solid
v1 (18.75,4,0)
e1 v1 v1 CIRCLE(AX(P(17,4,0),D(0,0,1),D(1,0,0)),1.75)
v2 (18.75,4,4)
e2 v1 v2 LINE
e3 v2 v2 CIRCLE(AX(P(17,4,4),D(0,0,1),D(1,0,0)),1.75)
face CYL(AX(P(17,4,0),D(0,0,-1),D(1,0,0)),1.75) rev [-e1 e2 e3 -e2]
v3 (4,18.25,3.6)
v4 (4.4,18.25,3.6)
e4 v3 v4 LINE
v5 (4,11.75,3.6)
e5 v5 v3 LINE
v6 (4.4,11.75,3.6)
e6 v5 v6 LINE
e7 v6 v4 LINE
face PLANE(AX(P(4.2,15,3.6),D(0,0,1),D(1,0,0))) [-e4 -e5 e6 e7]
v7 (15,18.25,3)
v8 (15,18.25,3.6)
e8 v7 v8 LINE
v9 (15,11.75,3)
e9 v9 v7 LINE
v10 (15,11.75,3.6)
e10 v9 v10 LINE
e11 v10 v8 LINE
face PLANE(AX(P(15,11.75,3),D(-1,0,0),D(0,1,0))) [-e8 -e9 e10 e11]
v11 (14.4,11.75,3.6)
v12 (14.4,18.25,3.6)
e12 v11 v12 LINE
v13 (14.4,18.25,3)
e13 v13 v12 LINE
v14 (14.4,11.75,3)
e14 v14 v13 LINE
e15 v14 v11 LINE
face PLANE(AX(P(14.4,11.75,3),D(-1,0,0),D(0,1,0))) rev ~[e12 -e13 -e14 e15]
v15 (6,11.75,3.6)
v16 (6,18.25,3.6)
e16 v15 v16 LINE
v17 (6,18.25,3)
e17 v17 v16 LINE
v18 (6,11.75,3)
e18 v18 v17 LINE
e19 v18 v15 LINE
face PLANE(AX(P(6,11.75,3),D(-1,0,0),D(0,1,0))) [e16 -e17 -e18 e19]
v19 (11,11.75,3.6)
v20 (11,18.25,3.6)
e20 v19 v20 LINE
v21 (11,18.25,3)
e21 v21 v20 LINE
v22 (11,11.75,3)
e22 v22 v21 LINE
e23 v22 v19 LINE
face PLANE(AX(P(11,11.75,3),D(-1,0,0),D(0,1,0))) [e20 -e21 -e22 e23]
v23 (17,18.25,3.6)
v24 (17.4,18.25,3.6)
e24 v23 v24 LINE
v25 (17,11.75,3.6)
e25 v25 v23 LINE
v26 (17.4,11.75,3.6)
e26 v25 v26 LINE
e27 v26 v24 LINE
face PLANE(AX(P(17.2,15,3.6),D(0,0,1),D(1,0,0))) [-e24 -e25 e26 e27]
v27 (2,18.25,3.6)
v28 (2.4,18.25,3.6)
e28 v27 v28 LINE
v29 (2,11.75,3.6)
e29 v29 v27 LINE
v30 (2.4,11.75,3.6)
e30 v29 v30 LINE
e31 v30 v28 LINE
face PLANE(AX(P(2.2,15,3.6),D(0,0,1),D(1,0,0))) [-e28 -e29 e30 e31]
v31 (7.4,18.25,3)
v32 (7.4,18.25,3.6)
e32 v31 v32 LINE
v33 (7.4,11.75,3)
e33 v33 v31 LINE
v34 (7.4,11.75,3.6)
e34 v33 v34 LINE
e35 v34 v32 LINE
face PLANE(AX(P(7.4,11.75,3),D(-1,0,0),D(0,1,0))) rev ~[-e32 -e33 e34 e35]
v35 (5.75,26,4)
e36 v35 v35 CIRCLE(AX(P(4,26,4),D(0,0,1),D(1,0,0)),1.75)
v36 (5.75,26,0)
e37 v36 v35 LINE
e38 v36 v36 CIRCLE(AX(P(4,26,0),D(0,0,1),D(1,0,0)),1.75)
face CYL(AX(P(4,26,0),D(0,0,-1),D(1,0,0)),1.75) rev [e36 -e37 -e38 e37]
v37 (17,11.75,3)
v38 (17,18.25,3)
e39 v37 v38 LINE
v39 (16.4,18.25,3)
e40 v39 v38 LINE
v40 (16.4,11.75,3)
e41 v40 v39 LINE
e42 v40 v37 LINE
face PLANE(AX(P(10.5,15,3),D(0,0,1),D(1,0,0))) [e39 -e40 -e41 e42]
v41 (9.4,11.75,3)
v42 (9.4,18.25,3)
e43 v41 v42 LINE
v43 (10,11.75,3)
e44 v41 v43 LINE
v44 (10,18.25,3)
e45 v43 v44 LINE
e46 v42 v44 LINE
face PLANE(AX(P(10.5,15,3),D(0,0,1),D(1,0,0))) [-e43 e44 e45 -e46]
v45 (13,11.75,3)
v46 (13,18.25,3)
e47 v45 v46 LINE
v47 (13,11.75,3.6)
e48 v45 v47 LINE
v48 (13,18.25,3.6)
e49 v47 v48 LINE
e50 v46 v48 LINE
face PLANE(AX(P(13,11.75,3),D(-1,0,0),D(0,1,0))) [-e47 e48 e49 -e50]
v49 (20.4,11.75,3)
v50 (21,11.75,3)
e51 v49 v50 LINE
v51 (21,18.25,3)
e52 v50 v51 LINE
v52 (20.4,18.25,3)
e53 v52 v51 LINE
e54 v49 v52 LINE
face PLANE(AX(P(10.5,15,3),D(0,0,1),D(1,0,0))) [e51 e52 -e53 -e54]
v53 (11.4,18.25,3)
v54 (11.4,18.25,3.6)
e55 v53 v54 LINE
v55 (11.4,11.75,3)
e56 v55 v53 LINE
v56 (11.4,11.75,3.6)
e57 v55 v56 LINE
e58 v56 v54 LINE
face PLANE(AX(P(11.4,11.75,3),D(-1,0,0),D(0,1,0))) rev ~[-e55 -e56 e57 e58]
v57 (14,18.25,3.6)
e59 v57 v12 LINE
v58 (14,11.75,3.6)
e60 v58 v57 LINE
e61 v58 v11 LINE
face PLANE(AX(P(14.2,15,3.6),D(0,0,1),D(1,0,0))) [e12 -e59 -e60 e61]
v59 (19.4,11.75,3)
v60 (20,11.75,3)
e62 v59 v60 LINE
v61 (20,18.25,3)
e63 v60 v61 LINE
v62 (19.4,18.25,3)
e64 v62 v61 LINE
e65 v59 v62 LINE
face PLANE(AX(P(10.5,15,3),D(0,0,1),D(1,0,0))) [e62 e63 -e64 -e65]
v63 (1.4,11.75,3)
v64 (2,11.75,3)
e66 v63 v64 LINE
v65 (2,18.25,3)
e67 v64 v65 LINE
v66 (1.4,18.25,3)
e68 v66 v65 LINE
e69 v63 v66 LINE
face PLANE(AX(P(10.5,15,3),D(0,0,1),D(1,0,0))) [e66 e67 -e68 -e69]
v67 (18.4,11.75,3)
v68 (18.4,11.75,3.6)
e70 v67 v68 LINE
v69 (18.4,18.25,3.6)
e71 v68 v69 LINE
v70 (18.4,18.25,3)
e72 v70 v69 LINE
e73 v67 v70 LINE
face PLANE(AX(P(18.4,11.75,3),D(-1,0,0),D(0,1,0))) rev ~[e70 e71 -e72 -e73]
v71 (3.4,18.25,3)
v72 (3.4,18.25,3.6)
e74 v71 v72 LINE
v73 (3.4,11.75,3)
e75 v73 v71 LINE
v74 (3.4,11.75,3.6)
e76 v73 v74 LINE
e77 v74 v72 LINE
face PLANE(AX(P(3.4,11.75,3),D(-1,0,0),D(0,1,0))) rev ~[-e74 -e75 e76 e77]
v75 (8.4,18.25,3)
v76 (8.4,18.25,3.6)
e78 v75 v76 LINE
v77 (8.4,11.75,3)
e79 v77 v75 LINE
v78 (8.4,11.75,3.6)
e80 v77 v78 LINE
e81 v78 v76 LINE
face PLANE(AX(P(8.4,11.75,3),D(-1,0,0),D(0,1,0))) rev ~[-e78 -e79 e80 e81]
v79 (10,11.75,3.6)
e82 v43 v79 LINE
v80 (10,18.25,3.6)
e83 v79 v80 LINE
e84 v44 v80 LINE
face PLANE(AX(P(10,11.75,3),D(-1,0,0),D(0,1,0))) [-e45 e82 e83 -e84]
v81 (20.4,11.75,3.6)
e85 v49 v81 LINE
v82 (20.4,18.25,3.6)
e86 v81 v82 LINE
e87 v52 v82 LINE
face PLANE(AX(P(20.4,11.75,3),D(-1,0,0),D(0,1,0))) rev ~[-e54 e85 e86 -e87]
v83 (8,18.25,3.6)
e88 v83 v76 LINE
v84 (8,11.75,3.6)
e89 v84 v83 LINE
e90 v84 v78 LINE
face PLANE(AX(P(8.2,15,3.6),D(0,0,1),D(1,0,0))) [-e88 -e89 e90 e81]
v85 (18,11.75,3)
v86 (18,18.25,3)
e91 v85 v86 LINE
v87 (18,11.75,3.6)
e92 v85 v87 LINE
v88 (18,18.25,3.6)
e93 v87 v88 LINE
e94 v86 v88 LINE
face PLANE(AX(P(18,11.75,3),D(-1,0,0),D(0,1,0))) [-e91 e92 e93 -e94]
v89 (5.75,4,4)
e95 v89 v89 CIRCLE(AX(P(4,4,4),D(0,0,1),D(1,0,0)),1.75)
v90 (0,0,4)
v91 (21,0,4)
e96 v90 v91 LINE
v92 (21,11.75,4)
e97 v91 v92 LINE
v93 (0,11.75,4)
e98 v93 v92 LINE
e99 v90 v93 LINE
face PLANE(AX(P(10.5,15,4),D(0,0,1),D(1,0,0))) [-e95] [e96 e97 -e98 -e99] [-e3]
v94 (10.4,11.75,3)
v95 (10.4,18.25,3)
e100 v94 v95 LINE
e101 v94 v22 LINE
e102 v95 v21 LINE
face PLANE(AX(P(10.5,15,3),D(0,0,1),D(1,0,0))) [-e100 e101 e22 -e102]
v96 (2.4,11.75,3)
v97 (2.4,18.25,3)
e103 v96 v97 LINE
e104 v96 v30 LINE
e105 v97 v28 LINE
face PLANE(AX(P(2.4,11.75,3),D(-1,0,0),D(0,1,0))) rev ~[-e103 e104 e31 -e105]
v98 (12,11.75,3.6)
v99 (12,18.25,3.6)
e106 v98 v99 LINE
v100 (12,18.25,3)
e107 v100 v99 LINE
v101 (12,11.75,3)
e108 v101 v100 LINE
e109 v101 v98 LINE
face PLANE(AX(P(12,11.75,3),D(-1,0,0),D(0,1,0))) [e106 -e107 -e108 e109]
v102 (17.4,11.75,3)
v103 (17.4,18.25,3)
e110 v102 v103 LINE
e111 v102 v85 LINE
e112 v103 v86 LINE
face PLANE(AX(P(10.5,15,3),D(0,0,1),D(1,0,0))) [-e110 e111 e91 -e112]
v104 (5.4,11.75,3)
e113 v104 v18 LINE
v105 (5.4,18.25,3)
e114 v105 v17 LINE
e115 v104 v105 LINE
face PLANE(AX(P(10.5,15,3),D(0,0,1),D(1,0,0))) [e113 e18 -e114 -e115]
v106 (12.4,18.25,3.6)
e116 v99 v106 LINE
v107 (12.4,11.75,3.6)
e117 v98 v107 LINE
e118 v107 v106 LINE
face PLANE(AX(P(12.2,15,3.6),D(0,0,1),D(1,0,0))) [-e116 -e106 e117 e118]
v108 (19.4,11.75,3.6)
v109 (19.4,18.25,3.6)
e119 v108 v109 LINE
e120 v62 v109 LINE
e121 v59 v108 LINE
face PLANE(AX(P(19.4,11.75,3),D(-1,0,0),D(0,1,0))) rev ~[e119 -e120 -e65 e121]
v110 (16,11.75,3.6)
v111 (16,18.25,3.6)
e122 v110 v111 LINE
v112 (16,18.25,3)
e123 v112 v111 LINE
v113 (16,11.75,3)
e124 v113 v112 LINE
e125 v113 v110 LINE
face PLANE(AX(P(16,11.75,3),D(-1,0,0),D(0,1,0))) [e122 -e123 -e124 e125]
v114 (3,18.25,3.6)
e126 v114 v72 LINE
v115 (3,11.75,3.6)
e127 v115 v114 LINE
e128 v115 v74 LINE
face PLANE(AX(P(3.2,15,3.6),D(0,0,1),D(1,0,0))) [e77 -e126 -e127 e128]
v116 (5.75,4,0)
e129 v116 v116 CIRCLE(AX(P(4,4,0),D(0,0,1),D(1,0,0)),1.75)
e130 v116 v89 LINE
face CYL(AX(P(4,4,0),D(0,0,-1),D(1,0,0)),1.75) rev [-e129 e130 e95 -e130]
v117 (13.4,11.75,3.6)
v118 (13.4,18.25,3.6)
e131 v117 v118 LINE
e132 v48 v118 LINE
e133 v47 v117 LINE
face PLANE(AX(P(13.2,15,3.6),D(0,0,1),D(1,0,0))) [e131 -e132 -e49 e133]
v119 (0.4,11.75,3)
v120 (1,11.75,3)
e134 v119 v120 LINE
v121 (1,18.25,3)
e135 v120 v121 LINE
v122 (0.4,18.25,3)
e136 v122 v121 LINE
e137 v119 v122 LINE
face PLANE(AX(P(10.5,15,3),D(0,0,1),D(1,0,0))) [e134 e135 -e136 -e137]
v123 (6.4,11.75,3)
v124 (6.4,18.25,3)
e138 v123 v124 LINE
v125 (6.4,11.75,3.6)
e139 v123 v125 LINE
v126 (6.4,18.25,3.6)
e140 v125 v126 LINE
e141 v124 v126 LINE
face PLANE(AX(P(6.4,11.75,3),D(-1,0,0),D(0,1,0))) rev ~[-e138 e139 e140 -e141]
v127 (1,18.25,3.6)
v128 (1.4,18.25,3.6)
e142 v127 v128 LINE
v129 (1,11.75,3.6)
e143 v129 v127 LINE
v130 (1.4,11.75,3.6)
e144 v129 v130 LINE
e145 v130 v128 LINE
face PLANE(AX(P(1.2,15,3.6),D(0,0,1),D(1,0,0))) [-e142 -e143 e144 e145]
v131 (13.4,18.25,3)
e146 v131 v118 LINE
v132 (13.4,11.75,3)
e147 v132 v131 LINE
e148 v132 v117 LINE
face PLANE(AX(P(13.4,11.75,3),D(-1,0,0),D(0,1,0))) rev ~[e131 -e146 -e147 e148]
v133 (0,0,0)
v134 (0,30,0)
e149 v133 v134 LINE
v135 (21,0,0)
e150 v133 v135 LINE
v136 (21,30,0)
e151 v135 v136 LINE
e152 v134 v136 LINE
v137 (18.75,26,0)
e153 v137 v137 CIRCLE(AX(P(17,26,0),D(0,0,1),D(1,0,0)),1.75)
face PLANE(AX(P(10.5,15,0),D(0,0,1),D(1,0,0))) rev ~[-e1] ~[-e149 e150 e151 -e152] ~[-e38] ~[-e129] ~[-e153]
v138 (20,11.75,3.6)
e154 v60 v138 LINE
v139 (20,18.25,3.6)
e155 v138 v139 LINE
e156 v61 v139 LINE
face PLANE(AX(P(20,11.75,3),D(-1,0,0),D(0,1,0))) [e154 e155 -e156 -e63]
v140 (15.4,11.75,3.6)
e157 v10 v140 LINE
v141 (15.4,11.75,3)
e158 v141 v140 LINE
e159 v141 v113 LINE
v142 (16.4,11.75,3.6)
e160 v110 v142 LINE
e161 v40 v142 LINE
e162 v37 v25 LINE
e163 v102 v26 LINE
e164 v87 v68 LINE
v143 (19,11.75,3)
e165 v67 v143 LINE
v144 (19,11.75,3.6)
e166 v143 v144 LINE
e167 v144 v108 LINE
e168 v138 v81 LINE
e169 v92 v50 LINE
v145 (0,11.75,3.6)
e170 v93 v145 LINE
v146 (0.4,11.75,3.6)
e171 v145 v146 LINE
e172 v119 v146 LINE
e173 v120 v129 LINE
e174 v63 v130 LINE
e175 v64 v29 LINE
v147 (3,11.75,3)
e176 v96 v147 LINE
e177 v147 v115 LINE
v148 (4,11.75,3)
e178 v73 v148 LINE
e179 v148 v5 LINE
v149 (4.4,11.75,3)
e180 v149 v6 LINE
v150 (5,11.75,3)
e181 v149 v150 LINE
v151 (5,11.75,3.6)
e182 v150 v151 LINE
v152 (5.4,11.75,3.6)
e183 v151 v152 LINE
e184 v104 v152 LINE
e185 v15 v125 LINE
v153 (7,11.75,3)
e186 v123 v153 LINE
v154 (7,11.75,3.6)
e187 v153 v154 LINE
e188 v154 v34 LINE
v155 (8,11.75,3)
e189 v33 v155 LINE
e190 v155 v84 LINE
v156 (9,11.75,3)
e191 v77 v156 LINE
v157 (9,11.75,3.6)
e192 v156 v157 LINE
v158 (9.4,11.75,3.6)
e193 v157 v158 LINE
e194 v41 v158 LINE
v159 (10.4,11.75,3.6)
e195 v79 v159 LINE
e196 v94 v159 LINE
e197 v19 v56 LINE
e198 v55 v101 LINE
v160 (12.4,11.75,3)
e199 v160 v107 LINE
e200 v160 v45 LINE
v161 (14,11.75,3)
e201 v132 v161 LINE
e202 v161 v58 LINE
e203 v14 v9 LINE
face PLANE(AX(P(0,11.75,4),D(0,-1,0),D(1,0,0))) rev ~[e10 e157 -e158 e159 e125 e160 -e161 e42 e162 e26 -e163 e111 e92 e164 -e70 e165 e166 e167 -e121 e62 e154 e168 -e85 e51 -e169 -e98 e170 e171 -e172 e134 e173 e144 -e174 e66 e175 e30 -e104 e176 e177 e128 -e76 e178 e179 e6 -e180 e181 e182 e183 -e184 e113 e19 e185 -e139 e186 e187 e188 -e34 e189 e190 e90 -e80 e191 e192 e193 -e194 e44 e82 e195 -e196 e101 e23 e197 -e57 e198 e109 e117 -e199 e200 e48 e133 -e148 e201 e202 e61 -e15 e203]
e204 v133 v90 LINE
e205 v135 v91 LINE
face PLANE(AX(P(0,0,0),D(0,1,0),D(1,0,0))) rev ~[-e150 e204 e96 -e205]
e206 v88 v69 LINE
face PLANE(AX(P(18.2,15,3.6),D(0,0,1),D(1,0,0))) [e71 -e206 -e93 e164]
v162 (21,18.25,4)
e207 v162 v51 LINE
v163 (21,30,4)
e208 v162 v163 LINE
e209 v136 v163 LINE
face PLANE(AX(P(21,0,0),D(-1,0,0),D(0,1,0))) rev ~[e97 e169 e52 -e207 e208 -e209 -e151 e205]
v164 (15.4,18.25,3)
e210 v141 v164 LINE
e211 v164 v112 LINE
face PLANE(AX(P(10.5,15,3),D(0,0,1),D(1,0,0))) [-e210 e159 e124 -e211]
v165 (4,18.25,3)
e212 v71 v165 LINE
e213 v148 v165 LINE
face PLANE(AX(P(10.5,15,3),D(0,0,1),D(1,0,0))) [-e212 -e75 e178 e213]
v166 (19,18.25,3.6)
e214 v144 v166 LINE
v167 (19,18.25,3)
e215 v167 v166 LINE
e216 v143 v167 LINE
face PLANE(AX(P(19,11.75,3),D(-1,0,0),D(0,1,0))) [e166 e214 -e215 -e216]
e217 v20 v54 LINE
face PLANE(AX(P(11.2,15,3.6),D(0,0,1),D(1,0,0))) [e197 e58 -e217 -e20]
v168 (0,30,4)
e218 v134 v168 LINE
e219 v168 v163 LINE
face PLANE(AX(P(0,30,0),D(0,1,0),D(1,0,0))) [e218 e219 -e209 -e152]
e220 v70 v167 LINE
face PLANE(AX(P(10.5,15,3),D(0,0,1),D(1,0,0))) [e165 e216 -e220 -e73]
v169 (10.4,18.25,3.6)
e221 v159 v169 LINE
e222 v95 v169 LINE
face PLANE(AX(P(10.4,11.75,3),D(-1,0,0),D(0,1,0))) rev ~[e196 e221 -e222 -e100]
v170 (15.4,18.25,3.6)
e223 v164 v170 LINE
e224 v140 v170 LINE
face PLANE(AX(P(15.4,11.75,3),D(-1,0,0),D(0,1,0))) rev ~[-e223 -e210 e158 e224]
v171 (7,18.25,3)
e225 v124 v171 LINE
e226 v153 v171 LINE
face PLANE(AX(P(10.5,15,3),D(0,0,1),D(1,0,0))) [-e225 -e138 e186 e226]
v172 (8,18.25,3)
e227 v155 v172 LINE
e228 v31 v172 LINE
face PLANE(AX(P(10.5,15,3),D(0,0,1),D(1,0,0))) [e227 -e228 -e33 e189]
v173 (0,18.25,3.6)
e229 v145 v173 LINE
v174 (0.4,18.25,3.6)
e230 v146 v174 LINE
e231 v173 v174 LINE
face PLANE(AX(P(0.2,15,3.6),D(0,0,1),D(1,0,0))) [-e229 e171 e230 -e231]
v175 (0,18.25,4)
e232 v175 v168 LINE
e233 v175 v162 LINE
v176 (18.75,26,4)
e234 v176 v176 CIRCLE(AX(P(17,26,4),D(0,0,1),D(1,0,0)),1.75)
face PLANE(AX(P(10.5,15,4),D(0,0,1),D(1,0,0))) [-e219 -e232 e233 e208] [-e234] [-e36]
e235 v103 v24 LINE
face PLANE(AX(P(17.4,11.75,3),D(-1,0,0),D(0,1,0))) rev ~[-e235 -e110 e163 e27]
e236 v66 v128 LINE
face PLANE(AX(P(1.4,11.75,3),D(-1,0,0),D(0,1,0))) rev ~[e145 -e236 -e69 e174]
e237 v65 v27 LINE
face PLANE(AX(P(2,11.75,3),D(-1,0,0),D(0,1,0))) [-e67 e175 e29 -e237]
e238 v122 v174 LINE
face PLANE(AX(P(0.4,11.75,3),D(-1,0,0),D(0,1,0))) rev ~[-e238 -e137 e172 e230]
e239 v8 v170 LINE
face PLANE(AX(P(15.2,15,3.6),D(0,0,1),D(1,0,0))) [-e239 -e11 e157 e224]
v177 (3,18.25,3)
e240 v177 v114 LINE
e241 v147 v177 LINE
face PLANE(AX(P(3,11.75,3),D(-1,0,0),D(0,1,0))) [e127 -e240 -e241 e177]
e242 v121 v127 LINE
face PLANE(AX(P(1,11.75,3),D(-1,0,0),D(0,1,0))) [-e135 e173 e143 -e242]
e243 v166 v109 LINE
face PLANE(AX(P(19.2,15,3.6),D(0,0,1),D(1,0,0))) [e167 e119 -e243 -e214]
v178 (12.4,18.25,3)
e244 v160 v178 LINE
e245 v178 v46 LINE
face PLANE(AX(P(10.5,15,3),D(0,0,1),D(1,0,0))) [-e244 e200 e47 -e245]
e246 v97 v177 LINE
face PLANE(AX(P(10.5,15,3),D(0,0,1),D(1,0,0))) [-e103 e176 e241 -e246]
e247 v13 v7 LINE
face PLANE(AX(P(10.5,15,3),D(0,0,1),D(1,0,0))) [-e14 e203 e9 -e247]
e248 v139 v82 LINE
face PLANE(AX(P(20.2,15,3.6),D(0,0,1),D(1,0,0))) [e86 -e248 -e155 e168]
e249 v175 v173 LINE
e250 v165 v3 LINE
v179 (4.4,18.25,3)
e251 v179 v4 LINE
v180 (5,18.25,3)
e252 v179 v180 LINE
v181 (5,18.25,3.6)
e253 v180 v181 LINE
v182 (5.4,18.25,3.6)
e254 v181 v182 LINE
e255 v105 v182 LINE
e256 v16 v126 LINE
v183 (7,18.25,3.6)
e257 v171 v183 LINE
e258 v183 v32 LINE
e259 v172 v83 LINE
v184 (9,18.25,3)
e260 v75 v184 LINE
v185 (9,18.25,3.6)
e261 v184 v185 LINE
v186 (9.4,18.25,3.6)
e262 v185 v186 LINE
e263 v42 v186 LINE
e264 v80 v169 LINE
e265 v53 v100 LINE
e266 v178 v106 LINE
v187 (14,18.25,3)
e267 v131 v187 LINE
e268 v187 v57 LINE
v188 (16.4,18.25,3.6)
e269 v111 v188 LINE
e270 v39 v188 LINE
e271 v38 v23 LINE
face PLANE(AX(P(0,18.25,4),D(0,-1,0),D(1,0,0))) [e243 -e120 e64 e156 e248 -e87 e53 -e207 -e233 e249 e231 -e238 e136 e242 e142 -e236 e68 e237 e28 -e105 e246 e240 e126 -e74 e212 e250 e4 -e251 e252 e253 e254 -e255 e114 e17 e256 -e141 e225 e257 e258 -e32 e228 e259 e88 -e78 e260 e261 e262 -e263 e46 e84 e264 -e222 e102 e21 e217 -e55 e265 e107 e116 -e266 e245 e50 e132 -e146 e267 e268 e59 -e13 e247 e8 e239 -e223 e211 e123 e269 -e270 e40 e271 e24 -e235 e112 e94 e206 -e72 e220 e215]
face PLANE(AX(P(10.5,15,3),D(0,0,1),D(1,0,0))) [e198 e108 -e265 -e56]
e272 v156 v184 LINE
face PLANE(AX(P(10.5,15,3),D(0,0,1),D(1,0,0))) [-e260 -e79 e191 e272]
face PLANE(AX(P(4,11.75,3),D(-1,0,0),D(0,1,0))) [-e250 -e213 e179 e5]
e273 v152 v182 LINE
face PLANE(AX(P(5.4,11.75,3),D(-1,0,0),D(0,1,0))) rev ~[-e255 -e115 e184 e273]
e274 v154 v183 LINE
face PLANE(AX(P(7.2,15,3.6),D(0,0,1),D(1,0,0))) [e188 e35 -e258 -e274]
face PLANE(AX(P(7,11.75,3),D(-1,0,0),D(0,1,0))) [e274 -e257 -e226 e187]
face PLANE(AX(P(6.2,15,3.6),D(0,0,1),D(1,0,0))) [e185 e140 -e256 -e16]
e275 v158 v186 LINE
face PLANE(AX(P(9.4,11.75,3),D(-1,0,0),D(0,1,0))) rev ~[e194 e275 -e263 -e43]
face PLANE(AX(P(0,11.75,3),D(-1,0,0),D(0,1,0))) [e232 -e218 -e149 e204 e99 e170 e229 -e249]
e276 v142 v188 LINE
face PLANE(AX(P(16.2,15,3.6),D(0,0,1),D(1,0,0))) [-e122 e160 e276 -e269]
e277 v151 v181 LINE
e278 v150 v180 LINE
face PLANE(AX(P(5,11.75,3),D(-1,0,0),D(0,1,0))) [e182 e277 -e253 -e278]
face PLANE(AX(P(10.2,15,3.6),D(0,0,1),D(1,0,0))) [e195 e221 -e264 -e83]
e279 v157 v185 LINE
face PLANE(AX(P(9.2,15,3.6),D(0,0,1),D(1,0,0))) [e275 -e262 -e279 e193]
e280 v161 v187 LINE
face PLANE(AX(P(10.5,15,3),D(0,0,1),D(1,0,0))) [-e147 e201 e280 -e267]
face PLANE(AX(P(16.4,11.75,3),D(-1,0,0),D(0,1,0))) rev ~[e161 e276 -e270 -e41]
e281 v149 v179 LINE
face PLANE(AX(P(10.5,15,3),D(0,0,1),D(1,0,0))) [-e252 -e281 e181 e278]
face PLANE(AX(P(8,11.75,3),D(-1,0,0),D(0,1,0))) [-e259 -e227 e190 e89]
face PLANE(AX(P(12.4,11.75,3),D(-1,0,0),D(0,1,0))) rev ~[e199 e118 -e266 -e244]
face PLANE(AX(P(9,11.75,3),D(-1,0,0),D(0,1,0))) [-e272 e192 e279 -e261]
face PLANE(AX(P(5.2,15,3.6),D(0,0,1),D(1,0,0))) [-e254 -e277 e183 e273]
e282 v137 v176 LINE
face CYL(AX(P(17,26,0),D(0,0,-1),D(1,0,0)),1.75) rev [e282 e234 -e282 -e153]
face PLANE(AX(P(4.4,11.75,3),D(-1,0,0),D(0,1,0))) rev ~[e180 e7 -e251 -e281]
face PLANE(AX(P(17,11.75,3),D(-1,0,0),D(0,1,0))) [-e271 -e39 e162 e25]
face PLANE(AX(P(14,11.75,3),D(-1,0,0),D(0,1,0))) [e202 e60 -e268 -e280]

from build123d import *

# Parameters (mm, degrees)
SKETCH1_W           = 21
SKETCH1_H           = 30
SKETCH1_R           = 1.75
BOSS_EXTRUDE1_DEPTH = 4
SKETCH2_W           = 21
SKETCH2_H           = 6.5
CUT_EXTRUDE1_DEPTH  = 1
SKETCH3_W           = 0.4
SKETCH3_H           = 6.5
BOSS_EXTRUDE2_DEPTH = 0.6


with BuildPart() as part:
    # Sketch1 → Boss-Extrude1 (new body)
    with BuildSketch(Plane.XY):
        with Locations((10.5, 15)):
            Rectangle(SKETCH1_W, SKETCH1_H)
        with Locations((4, 4)):
            Circle(SKETCH1_R, mode=Mode.SUBTRACT)
        with Locations((17, 4)):
            Circle(SKETCH1_R, mode=Mode.SUBTRACT)
        with Locations((17, 26)):
            Circle(SKETCH1_R, mode=Mode.SUBTRACT)
        with Locations((4, 26)):
            Circle(SKETCH1_R, mode=Mode.SUBTRACT)
    extrude(amount=BOSS_EXTRUDE1_DEPTH)

    # Sketch2 → Cut-Extrude1 (cut)
    with BuildSketch(Plane.XY.offset(4)):
        with Locations((10.5, 15)):
            Rectangle(SKETCH2_W, SKETCH2_H)
    extrude(amount=-CUT_EXTRUDE1_DEPTH, mode=Mode.SUBTRACT)

    # Sketch3 → Boss-Extrude2 (add)
    with BuildSketch(Plane.XY.offset(3)):
        with Locations((0.2, 15)):
            Rectangle(SKETCH3_W, SKETCH3_H)
        with Locations((1.2, 15)):
            Rectangle(SKETCH3_W, SKETCH3_H)
        with Locations((2.2, 15)):
            Rectangle(SKETCH3_W, SKETCH3_H)
        with Locations((3.2, 15)):
            Rectangle(SKETCH3_W, SKETCH3_H)
        with Locations((4.2, 15)):
            Rectangle(SKETCH3_W, SKETCH3_H)
        with Locations((5.2, 15)):
            Rectangle(SKETCH3_W, SKETCH3_H)
        with Locations((6.2, 15)):
            Rectangle(SKETCH3_W, SKETCH3_H)
        with Locations((7.2, 15)):
            Rectangle(SKETCH3_W, SKETCH3_H)
        with Locations((8.2, 15)):
            Rectangle(SKETCH3_W, SKETCH3_H)
        with Locations((9.2, 15)):
            Rectangle(SKETCH3_W, SKETCH3_H)
        with Locations((10.2, 15)):
            Rectangle(SKETCH3_W, SKETCH3_H)
        with Locations((11.2, 15)):
            Rectangle(SKETCH3_W, SKETCH3_H)
        with Locations((12.2, 15)):
            Rectangle(SKETCH3_W, SKETCH3_H)
        with Locations((13.2, 15)):
            Rectangle(SKETCH3_W, SKETCH3_H)
        with Locations((14.2, 15)):
            Rectangle(SKETCH3_W, SKETCH3_H)
        with Locations((15.2, 15)):
            Rectangle(SKETCH3_W, SKETCH3_H)
        with Locations((16.2, 15)):
            Rectangle(SKETCH3_W, SKETCH3_H)
        with Locations((17.2, 15)):
            Rectangle(SKETCH3_W, SKETCH3_H)
        with Locations((18.2, 15)):
            Rectangle(SKETCH3_W, SKETCH3_H)
        with Locations((19.2, 15)):
            Rectangle(SKETCH3_W, SKETCH3_H)
        with Locations((20.2, 15)):
            Rectangle(SKETCH3_W, SKETCH3_H)
    extrude(amount=BOSS_EXTRUDE2_DEPTH)


solid = part.part
